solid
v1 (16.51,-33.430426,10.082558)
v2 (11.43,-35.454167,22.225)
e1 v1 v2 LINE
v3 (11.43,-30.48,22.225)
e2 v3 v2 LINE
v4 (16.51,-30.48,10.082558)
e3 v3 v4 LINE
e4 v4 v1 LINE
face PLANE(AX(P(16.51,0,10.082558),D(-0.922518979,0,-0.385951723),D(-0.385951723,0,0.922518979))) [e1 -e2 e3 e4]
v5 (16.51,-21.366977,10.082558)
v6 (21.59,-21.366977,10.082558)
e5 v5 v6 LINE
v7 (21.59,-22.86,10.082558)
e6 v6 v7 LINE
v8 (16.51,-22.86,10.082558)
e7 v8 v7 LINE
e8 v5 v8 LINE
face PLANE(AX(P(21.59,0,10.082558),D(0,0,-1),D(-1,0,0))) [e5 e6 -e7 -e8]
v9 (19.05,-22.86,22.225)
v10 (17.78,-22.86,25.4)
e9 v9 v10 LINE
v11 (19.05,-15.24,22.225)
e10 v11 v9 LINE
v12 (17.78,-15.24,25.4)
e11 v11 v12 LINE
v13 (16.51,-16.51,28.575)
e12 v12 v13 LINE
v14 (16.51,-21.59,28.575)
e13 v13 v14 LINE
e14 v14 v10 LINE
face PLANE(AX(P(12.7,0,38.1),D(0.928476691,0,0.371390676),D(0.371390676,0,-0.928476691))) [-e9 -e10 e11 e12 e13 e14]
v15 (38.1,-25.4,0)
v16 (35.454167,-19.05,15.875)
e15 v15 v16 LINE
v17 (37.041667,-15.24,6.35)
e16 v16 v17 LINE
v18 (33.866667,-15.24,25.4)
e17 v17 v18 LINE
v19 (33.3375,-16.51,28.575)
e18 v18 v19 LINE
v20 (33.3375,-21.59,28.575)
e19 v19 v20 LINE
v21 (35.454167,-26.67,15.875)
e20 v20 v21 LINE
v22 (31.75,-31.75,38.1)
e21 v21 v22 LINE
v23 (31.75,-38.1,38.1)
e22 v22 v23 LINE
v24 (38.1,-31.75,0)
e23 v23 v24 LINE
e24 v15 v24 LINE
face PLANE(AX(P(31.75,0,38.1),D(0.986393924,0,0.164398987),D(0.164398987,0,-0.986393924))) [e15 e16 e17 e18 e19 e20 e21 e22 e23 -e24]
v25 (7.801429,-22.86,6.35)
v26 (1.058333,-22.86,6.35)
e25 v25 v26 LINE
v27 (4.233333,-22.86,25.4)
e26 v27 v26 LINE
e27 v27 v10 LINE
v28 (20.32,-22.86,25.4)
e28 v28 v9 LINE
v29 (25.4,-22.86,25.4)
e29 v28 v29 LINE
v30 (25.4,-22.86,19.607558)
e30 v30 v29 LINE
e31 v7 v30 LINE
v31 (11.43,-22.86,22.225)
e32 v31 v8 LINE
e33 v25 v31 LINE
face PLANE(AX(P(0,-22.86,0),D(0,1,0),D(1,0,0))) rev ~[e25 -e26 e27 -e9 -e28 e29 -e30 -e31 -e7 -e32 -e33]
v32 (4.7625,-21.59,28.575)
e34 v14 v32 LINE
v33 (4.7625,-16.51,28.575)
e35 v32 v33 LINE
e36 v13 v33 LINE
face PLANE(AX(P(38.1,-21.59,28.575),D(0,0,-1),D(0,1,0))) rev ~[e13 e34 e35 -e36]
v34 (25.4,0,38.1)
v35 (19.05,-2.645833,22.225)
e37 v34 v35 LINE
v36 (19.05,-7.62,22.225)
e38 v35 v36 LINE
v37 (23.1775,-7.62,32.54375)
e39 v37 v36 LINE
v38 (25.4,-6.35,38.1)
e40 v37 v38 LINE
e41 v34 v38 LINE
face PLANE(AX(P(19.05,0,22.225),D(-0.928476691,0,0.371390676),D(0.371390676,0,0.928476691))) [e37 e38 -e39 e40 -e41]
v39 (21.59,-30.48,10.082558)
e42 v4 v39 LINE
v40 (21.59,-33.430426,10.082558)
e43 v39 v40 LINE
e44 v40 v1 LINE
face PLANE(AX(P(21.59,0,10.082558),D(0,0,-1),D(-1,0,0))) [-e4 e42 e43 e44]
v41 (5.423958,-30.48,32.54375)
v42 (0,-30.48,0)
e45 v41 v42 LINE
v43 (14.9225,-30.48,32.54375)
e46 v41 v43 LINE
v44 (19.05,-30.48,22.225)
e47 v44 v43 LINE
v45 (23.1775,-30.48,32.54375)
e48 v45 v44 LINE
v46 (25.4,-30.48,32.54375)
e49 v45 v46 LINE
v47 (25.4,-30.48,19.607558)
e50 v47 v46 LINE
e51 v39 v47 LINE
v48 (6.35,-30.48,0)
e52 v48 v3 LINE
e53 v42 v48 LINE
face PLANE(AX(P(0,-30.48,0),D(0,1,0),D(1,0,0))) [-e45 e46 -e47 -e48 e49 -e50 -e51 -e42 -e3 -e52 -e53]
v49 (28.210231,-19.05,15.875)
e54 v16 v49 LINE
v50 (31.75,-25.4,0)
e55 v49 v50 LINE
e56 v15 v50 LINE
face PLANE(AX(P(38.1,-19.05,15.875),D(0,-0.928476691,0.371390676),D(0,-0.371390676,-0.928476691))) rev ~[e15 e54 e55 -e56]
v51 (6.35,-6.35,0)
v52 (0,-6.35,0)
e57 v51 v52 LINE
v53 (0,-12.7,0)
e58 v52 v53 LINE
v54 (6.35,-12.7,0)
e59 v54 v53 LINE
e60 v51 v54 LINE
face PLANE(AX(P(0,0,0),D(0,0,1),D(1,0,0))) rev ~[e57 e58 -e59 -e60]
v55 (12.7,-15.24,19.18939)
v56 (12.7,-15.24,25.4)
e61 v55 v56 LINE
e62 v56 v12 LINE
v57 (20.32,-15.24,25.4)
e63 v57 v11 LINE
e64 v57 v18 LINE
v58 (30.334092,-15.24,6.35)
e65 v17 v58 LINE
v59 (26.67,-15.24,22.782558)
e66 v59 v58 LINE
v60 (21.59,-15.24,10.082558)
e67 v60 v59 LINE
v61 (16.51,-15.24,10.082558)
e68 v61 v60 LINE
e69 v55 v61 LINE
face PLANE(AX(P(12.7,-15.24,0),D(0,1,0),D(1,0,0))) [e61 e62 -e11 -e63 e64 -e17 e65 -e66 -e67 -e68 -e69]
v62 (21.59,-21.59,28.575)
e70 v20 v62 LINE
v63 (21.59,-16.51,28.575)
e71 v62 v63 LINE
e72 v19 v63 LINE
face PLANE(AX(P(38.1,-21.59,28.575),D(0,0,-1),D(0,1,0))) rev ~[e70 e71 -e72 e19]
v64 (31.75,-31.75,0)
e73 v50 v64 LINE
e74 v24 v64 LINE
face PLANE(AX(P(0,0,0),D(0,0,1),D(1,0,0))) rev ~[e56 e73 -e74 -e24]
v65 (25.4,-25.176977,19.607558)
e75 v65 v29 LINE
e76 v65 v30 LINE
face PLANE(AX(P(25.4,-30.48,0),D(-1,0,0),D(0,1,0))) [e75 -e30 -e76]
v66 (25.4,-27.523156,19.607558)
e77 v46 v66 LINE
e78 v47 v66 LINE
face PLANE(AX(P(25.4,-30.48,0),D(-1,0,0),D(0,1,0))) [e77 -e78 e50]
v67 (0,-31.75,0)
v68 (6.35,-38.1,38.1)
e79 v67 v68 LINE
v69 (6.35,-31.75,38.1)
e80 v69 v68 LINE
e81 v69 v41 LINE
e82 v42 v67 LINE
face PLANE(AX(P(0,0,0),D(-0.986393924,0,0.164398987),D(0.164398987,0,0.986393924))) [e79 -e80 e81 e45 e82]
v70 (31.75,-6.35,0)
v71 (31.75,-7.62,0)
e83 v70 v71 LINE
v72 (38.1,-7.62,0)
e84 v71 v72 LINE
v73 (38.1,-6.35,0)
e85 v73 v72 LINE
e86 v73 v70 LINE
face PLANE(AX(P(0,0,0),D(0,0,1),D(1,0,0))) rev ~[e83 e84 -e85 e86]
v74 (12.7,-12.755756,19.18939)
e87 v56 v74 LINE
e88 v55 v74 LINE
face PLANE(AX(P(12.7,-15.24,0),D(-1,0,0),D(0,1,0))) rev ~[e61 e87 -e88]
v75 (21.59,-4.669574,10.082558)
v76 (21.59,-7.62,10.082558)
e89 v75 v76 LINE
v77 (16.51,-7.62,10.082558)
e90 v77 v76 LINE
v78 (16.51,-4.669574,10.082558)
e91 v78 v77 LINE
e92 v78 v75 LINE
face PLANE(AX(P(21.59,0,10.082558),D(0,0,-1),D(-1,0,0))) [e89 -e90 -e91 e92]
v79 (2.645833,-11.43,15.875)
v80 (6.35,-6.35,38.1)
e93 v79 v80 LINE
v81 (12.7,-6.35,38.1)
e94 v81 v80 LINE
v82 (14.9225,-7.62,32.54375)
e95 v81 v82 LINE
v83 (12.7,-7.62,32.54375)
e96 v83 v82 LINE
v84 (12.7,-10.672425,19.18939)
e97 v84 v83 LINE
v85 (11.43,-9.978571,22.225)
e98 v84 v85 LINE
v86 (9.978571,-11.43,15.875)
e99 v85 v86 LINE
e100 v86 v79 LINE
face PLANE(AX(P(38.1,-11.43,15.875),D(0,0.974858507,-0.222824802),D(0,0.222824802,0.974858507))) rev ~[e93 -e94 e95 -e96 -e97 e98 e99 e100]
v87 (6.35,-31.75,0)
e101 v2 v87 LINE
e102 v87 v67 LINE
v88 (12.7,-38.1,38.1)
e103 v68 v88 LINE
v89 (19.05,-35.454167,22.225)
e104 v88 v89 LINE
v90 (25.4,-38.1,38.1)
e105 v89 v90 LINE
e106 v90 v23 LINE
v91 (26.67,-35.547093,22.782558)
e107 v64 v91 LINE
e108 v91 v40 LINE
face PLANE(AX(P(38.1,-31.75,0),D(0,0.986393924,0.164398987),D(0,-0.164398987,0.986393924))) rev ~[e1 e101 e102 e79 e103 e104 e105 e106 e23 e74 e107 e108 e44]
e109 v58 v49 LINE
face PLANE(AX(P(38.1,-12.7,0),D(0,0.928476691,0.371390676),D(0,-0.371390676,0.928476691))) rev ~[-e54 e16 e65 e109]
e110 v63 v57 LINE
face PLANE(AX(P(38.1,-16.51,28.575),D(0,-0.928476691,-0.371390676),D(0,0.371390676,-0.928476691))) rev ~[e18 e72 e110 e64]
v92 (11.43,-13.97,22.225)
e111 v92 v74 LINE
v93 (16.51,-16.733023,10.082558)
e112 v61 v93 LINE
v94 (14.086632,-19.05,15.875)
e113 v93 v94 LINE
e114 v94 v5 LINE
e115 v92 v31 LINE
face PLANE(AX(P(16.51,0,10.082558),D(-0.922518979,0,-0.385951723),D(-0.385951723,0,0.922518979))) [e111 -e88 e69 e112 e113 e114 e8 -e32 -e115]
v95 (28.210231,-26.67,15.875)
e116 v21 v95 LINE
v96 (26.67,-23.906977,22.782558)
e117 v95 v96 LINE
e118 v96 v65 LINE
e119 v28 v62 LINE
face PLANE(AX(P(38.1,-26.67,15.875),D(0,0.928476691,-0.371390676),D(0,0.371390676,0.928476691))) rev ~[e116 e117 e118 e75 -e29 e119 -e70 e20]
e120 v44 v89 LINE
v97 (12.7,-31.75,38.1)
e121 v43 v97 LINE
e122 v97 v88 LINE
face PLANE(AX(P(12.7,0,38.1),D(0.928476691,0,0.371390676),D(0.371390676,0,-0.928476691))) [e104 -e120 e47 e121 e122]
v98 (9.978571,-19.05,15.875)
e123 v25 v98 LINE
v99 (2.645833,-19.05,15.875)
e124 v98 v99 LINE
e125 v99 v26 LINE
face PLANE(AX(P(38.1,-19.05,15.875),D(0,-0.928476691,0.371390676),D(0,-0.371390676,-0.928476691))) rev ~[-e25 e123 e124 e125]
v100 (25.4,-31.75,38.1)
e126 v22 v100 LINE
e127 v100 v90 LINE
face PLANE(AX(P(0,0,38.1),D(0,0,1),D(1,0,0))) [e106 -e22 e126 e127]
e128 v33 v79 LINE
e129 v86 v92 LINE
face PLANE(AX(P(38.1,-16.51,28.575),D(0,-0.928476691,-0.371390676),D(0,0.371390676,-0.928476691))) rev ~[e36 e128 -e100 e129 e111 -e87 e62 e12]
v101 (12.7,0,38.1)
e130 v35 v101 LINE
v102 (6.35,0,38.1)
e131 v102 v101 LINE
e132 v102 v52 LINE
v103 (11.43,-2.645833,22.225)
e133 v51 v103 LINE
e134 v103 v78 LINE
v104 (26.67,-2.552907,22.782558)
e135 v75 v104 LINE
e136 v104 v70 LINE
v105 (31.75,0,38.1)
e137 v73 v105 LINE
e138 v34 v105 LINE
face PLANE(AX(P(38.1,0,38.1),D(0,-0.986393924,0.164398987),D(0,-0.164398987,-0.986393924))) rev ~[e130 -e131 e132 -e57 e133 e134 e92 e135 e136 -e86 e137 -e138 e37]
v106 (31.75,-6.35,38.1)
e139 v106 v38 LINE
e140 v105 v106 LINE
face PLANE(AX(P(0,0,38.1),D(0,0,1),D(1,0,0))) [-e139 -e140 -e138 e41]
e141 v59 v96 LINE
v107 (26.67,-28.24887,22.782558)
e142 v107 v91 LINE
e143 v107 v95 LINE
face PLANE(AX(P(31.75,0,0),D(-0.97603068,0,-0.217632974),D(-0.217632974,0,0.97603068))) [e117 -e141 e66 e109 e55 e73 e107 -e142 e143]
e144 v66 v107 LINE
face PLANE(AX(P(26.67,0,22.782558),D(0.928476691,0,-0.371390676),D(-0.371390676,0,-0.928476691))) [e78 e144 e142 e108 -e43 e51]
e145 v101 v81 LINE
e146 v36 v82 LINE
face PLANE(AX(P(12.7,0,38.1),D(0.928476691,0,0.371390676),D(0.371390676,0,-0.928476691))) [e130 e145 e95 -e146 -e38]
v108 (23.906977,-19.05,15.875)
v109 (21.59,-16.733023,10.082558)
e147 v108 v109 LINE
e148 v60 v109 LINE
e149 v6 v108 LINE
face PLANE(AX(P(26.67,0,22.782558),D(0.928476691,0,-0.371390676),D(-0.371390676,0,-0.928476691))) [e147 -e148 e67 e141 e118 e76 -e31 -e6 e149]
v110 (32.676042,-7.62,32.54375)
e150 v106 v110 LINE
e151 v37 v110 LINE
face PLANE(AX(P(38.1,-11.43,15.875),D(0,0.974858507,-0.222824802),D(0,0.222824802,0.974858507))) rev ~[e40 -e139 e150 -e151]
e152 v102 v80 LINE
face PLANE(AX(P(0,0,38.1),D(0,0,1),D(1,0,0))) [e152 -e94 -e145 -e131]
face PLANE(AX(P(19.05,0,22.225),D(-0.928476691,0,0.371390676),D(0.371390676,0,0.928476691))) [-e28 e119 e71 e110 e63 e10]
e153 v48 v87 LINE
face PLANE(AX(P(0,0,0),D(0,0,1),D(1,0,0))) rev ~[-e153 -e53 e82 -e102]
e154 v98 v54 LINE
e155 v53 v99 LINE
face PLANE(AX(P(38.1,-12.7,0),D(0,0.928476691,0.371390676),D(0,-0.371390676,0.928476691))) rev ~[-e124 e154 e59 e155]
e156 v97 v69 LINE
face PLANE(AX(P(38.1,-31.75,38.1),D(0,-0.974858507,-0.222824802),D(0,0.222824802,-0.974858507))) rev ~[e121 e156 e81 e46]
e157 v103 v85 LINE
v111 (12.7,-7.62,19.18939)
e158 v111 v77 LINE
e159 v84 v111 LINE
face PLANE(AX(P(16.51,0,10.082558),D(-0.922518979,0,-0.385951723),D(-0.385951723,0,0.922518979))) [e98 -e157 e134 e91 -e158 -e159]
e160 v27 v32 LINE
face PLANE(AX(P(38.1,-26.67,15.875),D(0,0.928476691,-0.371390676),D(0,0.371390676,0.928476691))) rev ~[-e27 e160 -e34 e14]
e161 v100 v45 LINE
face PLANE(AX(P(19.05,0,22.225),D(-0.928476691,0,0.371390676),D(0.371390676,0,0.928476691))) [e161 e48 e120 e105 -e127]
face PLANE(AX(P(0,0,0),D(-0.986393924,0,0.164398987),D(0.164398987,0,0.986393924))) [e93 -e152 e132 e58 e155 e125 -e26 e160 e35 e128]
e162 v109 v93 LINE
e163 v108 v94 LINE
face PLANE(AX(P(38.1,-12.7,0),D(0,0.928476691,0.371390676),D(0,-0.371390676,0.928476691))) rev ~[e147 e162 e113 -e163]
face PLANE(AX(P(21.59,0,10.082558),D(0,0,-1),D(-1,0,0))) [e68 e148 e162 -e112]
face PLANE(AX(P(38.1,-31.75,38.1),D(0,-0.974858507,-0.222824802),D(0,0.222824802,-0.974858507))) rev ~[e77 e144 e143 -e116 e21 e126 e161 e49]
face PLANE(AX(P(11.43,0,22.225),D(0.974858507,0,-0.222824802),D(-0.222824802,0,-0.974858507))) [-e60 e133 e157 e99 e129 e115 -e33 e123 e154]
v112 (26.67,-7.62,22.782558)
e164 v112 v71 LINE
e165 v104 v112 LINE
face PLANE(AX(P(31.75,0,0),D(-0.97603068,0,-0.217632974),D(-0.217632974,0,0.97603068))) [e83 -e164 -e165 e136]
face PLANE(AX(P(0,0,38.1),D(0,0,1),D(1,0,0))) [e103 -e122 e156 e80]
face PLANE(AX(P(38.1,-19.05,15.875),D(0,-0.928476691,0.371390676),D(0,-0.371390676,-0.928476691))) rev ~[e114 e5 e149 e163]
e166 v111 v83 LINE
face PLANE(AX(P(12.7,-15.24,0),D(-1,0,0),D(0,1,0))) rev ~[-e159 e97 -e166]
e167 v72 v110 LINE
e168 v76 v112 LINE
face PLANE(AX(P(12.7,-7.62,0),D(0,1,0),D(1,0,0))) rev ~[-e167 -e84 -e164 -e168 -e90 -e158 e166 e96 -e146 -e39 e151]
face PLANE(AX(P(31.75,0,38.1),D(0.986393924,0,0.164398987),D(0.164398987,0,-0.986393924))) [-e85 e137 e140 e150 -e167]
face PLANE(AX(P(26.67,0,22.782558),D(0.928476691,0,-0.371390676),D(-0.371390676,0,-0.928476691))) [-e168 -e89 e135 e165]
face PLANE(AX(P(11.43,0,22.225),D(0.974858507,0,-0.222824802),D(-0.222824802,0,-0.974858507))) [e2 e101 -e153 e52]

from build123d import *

# Parameters (mm, degrees)
F0_W     = 38.1
F0_H     = 38.1
F1_DEPTH = 38.1
F4_DEPTH = 38.1
F6_DEPTH = 38.1
F7_W     = 25.4
F7_H     = 7.62
F8_DEPTH = 38.1


with BuildPart() as f1:
    # F0 (on Front) → F1 (new body)
    with BuildSketch(Plane.XZ):
        with Locations((19.05, 19.05)):
            Rectangle(F0_W, F0_H)
    extrude(amount=F1_DEPTH)

    # F3 (on offset) → F4 (cut)
    with BuildSketch(Plane.YZ.offset(38.1)):
        Polygon((-6.35, 38.1), (-31.75, 38.1), (-26.67, 15.875), (-21.59, 28.575), (-16.51, 28.575), (-11.43, 15.875), align=None)
        Polygon((-19.05, 15.875), (-25.4, 0), (-12.7, 0), align=None)
        Polygon((0, 0), (0, 38.1), (-6.35, 0), align=None)
        Polygon((-31.75, 0), (-38.1, 38.1), (-38.1, 0), align=None)
    extrude(amount=-F4_DEPTH, mode=Mode.SUBTRACT)

    # F5 (on Front) → F6 (cut)
    with BuildSketch(Plane.XZ):
        Polygon((38.1, 0), (38.1, 38.1), (31.75, 38.1), align=None)
        Polygon((6.35, 0), (31.75, 0), (26.67, 22.782558), (21.59, 10.082558), (16.51, 10.082558), (11.43, 22.225), align=None)
        Polygon((19.05, 22.225), (25.4, 38.1), (12.7, 38.1), align=None)
        Polygon((0, 38.1), (0, 0), (6.35, 38.1), align=None)
    extrude(amount=F6_DEPTH, mode=Mode.SUBTRACT)

    # F7 (on Top) → F8 (cut)
    with BuildSketch(Plane.XY):
        with Locations((25.4, -11.43)):
            Rectangle(F7_W, F7_H)
        with Locations((12.7, -26.67)):
            Rectangle(F7_W, F7_H)
    extrude(amount=F8_DEPTH, mode=Mode.SUBTRACT)


solid = f1.part
